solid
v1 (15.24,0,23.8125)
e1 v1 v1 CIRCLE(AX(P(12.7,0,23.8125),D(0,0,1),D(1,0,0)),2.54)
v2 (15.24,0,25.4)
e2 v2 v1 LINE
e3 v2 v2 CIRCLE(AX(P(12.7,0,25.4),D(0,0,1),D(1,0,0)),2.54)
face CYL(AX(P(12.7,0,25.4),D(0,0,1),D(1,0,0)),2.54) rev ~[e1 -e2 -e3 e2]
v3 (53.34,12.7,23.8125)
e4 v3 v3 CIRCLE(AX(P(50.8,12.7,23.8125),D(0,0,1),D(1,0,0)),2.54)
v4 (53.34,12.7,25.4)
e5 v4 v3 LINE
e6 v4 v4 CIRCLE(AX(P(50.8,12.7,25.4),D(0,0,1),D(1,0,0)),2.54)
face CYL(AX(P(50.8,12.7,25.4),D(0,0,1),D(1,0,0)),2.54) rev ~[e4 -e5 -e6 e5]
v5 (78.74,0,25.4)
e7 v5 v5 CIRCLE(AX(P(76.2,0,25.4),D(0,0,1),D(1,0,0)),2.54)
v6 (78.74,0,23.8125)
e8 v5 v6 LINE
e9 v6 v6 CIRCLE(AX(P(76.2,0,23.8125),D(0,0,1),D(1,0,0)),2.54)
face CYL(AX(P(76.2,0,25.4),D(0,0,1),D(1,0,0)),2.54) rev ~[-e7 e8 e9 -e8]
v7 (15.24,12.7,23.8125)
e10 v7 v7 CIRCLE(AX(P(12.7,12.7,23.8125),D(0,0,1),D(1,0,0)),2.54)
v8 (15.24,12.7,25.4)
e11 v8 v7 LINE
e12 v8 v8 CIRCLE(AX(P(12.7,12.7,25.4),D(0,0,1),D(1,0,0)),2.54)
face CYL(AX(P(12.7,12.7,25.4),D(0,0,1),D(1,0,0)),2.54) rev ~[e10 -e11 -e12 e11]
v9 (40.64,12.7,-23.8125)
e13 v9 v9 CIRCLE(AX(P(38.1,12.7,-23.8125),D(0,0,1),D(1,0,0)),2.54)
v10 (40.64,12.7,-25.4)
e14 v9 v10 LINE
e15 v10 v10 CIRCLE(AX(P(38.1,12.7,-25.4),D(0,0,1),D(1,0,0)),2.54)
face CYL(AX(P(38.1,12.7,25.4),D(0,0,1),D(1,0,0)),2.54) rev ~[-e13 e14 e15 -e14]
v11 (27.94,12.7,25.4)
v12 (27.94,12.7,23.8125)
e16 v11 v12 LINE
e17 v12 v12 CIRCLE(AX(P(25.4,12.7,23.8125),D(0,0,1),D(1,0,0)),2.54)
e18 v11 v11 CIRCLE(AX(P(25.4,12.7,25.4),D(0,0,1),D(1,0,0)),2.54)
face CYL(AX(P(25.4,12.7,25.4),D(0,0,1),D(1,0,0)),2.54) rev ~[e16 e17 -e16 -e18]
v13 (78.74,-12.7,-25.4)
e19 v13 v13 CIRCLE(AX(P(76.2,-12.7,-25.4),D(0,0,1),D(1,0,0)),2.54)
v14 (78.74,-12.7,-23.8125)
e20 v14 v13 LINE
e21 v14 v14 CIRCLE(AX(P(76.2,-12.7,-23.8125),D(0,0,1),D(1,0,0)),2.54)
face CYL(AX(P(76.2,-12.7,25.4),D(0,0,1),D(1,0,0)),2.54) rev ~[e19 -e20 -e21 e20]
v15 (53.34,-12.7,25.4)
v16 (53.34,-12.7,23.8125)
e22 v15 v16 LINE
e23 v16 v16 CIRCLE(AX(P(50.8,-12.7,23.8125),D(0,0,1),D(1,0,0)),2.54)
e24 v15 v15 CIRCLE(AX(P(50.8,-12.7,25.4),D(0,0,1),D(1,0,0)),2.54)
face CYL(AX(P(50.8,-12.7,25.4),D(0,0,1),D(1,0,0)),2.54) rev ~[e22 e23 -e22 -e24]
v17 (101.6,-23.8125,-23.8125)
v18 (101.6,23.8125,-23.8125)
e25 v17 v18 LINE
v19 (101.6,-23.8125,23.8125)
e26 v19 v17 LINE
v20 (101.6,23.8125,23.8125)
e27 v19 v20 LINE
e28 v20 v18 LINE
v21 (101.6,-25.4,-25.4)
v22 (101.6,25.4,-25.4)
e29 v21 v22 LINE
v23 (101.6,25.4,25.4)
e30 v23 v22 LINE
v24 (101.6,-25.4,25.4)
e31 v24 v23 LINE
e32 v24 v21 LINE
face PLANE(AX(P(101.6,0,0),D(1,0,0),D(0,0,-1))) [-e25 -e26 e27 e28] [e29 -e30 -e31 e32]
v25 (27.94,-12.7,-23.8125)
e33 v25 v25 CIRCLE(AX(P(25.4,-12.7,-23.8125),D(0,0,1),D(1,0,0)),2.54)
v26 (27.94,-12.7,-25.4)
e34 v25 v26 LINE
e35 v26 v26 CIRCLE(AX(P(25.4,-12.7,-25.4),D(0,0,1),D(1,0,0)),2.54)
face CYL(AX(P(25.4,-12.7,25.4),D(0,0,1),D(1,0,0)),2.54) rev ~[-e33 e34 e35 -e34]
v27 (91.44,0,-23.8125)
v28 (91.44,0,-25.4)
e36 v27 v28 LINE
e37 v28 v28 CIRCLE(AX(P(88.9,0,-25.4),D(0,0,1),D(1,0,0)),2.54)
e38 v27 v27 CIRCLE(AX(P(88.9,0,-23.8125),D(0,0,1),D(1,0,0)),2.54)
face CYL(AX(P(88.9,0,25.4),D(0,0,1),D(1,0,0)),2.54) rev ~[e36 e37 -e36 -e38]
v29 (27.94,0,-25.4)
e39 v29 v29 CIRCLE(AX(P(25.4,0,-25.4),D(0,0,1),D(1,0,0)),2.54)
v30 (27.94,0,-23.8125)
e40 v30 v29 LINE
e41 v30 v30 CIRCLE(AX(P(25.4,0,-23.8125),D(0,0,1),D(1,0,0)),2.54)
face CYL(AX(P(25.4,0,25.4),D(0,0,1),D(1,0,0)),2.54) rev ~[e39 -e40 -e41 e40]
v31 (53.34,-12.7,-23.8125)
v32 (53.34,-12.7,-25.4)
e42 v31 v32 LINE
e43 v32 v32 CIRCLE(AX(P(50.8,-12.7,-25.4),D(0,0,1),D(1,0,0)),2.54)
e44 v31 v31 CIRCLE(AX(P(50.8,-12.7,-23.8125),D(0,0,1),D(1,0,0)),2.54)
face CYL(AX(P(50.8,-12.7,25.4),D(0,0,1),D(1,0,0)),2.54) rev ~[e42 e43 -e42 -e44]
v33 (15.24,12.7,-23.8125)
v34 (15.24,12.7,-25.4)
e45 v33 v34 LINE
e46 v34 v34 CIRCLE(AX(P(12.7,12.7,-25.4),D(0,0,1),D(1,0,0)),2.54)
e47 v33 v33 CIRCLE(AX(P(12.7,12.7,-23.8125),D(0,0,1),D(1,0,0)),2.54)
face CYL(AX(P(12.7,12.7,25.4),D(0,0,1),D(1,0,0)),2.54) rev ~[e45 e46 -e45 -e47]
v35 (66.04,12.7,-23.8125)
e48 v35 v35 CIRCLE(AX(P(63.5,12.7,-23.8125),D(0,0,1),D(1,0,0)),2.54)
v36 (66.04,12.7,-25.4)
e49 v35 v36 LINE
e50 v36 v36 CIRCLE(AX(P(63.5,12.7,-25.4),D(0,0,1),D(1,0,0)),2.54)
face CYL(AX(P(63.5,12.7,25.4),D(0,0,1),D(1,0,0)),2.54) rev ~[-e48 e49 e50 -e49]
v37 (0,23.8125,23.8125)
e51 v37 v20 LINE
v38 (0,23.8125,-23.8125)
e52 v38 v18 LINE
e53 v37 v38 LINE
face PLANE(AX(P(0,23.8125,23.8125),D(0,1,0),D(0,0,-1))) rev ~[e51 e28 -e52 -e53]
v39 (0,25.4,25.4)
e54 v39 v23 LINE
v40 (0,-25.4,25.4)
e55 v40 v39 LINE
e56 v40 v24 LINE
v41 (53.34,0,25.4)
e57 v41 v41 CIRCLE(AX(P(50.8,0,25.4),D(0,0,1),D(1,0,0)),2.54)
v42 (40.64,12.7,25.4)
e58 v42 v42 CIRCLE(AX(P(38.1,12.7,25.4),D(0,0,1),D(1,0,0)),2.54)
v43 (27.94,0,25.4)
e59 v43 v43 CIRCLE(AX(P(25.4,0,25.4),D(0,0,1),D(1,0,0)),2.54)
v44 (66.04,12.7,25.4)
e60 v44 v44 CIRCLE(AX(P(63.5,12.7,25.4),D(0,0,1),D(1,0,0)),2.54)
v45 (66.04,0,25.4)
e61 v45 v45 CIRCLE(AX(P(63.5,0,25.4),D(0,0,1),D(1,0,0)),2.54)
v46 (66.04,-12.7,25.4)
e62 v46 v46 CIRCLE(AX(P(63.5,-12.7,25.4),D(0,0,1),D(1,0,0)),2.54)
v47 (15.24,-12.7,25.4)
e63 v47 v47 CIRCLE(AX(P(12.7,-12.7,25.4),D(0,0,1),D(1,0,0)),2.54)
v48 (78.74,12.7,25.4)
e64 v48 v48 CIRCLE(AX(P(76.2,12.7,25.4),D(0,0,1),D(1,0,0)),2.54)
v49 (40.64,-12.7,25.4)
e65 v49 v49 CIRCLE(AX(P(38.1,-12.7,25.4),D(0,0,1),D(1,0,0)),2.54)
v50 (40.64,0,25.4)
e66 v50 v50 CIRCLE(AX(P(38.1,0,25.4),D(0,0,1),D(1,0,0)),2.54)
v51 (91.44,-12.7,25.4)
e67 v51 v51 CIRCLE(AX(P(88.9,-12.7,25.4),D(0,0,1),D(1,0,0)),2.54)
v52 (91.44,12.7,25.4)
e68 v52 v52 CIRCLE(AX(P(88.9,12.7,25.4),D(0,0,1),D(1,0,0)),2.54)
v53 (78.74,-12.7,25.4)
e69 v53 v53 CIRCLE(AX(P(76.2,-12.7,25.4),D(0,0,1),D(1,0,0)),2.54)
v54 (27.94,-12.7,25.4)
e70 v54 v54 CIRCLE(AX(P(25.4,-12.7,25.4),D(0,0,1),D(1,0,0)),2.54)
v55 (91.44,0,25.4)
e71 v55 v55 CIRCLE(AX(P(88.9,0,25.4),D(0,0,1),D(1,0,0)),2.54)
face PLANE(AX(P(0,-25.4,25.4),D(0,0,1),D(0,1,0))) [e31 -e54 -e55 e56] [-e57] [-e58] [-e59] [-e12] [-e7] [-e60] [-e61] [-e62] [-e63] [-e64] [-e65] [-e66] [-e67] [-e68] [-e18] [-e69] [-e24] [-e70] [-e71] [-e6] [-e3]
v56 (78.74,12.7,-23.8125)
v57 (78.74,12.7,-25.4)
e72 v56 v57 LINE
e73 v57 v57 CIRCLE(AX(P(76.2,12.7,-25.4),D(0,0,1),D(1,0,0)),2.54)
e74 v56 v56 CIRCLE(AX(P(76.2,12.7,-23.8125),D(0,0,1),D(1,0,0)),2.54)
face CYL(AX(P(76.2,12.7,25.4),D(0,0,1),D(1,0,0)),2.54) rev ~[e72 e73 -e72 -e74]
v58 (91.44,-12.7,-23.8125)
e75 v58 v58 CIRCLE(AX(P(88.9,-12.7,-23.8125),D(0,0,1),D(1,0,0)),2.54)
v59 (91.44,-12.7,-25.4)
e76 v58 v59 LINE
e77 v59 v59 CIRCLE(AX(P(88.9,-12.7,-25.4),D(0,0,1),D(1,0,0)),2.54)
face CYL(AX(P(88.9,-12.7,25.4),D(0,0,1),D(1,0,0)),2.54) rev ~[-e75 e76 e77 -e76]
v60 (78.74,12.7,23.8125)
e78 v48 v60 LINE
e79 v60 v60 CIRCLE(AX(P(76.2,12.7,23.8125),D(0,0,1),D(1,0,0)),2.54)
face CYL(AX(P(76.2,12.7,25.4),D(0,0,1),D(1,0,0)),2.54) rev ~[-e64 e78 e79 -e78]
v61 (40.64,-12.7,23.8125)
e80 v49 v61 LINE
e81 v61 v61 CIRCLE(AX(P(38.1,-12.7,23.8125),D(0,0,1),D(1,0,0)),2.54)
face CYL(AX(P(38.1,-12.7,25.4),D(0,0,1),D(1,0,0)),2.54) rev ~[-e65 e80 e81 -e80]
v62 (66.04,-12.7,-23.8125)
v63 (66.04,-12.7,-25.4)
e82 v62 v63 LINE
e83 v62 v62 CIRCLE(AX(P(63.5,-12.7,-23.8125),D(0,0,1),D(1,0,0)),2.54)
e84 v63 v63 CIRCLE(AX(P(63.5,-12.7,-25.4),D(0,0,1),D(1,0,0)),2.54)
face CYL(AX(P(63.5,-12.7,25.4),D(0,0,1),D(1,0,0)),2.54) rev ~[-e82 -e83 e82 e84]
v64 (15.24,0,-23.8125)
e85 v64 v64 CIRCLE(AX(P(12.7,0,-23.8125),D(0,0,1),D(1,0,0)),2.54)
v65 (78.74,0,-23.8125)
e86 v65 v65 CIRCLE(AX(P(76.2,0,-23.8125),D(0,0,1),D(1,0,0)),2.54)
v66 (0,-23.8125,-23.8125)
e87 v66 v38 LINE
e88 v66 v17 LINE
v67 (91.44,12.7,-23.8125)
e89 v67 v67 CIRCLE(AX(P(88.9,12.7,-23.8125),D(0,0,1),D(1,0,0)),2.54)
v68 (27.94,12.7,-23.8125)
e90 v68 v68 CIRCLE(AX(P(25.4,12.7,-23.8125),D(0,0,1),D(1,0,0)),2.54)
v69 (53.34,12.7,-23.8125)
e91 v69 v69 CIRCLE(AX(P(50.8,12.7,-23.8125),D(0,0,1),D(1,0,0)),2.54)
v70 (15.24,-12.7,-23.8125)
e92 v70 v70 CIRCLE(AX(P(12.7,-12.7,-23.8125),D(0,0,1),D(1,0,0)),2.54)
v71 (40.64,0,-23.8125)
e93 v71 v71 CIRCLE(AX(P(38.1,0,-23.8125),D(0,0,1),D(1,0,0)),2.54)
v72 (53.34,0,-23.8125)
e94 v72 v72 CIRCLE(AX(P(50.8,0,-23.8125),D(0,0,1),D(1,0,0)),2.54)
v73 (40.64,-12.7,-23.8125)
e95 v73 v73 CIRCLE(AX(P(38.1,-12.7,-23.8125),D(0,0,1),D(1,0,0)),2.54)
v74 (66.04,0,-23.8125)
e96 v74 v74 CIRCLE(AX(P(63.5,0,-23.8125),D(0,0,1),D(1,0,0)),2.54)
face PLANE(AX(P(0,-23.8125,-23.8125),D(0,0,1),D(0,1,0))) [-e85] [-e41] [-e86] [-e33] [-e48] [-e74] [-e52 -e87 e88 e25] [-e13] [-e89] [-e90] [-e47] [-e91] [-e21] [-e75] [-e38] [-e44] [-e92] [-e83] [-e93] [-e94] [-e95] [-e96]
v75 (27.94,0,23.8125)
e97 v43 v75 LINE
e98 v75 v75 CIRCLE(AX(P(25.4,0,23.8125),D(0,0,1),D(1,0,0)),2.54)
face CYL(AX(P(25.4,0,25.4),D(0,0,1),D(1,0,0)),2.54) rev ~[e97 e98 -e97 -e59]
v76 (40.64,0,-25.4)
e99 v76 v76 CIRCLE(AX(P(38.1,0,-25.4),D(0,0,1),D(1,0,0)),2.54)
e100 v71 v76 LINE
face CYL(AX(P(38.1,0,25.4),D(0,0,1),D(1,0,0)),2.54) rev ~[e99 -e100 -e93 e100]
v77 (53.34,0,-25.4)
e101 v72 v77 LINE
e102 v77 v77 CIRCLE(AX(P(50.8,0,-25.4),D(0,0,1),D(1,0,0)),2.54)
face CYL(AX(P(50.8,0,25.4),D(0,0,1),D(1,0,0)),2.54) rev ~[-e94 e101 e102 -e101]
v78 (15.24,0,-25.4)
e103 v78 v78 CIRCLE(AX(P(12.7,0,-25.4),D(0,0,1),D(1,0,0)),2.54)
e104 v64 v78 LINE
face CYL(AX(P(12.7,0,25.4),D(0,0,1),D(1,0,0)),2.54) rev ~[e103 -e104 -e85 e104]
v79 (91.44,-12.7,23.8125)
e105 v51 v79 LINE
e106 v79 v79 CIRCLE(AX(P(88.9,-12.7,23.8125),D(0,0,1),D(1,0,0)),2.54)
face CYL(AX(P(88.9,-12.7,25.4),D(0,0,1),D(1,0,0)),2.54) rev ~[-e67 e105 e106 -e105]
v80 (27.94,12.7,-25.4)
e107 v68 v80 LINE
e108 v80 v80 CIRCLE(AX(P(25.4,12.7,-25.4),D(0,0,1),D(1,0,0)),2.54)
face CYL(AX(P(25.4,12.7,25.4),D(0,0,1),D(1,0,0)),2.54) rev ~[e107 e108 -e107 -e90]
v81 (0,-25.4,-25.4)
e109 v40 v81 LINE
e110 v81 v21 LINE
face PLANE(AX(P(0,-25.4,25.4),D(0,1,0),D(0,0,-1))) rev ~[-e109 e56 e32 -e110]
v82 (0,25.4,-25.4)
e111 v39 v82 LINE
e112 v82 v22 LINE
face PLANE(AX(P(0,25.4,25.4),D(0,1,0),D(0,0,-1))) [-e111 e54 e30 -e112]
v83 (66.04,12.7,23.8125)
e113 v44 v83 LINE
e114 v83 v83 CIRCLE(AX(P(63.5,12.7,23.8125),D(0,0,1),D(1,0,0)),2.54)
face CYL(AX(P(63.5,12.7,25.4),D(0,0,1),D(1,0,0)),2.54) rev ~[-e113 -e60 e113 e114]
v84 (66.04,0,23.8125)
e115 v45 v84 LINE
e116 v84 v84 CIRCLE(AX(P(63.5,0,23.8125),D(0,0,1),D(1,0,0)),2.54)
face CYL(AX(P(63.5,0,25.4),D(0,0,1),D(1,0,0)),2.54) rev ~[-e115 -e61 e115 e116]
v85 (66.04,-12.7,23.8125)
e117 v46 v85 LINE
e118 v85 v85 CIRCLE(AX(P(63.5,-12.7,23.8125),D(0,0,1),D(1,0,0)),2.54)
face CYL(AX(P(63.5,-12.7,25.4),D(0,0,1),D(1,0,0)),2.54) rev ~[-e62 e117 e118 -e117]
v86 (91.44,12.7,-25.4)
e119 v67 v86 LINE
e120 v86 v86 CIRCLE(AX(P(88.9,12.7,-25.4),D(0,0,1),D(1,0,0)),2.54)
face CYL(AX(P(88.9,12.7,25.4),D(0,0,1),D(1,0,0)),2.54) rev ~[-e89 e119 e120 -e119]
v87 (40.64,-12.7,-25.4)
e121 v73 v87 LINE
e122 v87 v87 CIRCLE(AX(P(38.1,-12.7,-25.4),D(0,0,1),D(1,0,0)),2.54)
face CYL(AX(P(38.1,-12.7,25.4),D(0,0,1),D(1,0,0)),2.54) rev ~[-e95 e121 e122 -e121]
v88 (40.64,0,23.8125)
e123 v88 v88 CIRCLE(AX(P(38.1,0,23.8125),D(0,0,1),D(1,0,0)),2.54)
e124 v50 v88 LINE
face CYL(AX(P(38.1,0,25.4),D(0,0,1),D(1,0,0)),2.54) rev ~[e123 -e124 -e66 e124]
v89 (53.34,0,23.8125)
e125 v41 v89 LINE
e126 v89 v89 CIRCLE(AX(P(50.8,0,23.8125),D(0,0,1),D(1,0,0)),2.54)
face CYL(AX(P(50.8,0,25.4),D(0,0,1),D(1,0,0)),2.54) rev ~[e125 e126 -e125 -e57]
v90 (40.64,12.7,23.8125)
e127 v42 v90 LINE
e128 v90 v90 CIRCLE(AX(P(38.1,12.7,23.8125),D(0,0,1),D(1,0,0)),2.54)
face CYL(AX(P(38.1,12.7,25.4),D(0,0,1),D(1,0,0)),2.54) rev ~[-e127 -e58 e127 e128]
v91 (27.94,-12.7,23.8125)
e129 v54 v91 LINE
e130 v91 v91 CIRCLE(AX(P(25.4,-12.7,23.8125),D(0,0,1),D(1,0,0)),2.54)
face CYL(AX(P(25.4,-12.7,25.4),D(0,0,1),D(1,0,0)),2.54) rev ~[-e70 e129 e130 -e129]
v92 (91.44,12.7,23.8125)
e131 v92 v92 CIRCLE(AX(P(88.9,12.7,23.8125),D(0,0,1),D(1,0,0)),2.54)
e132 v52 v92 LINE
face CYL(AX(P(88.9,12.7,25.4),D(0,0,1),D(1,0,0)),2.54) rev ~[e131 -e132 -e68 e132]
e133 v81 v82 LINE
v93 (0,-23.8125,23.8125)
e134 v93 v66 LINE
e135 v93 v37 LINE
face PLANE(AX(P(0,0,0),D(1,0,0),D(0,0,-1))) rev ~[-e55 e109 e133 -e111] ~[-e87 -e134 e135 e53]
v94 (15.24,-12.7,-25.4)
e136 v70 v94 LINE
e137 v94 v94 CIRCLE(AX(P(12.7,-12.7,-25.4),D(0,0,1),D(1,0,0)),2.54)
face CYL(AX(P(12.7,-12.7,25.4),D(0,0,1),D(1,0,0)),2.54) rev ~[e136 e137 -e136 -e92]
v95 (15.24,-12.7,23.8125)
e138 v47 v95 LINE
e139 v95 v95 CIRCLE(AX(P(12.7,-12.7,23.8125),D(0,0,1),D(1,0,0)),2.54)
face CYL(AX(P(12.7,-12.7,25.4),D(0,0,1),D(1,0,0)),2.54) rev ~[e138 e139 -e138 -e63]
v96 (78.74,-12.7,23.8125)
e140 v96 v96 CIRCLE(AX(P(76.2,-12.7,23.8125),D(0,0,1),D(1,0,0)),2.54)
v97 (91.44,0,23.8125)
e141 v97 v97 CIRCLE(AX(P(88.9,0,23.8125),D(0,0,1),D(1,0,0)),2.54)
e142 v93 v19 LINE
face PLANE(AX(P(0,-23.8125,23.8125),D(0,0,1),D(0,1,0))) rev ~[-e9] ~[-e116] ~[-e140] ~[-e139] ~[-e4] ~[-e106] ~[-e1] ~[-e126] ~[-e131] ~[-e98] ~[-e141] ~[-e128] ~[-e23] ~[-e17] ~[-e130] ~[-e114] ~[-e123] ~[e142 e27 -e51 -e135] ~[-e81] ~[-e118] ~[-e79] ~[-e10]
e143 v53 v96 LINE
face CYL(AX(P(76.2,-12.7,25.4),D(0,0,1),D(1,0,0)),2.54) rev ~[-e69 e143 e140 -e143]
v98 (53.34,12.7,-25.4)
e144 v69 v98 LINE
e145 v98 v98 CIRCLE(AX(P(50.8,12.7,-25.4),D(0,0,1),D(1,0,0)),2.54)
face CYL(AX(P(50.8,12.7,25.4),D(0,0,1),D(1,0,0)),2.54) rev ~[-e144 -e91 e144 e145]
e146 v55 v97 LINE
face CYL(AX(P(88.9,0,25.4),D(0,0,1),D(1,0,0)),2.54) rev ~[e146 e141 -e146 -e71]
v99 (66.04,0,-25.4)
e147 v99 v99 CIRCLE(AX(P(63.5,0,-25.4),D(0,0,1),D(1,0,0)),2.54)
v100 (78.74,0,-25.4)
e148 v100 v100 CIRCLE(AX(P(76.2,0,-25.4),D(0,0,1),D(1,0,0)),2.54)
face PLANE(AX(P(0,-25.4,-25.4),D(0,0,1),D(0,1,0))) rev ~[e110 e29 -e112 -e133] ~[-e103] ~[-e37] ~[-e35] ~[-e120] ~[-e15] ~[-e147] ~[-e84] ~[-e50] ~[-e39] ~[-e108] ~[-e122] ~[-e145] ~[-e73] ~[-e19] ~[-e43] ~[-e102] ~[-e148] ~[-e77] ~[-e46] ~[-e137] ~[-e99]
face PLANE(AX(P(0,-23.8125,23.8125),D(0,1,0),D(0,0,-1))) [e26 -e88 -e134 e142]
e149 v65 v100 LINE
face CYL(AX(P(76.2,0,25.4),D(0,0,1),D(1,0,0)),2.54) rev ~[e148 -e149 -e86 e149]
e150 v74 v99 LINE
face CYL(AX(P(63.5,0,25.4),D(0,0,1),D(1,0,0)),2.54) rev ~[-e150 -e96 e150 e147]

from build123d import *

# Parameters (mm, degrees)
SKETCH1_W           = 50.8
SKETCH1_H           = 50.8
SKETCH1_W_2         = 47.625
SKETCH1_H_2         = 47.625
BOSS_EXTRUDE1_DEPTH = 101.6
SKETCH2_R           = 2.54
CUT_EXTRUDE2_DEPTH  = 609.6


with BuildPart() as part:
    # Sketch1 → Boss-Extrude1 (new body)
    with BuildSketch(Plane(origin=(0, 0, 0), x_dir=(0, 0, -1), z_dir=(1, 0, 0))):
        Rectangle(SKETCH1_W, SKETCH1_H)
        Rectangle(SKETCH1_W_2, SKETCH1_H_2, mode=Mode.SUBTRACT)
    extrude(amount=BOSS_EXTRUDE1_DEPTH)

    # Sketch2 → Cut-Extrude2 (cut)
    with BuildSketch(Plane.XY.offset(25.4)):
        with Locations((12.7, 12.7)):
            Circle(SKETCH2_R)
        with Locations((12.7, 0)):
            Circle(SKETCH2_R)
        with Locations((12.7, -12.7)):
            Circle(SKETCH2_R)
        with Locations((25.4, 12.7)):
            Circle(SKETCH2_R)
        with Locations((25.4, 0)):
            Circle(SKETCH2_R)
        with Locations((25.4, -12.7)):
            Circle(SKETCH2_R)
        with Locations((38.1, 12.7)):
            Circle(SKETCH2_R)
        with Locations((38.1, 0)):
            Circle(SKETCH2_R)
        with Locations((38.1, -12.7)):
            Circle(SKETCH2_R)
        with Locations((50.8, 12.7)):
            Circle(SKETCH2_R)
        with Locations((50.8, 0)):
            Circle(SKETCH2_R)
        with Locations((50.8, -12.7)):
            Circle(SKETCH2_R)
        with Locations((63.5, 12.7)):
            Circle(SKETCH2_R)
        with Locations((63.5, 0)):
            Circle(SKETCH2_R)
        with Locations((63.5, -12.7)):
            Circle(SKETCH2_R)
        with Locations((76.2, 12.7)):
            Circle(SKETCH2_R)
        with Locations((76.2, 0)):
            Circle(SKETCH2_R)
        with Locations((76.2, -12.7)):
            Circle(SKETCH2_R)
        with Locations((88.9, 12.7)):
            Circle(SKETCH2_R)
        with Locations((88.9, 0)):
            Circle(SKETCH2_R)
        with Locations((88.9, -12.7)):
            Circle(SKETCH2_R)
    extrude(amount=-CUT_EXTRUDE2_DEPTH, mode=Mode.SUBTRACT)


solid = part.part
